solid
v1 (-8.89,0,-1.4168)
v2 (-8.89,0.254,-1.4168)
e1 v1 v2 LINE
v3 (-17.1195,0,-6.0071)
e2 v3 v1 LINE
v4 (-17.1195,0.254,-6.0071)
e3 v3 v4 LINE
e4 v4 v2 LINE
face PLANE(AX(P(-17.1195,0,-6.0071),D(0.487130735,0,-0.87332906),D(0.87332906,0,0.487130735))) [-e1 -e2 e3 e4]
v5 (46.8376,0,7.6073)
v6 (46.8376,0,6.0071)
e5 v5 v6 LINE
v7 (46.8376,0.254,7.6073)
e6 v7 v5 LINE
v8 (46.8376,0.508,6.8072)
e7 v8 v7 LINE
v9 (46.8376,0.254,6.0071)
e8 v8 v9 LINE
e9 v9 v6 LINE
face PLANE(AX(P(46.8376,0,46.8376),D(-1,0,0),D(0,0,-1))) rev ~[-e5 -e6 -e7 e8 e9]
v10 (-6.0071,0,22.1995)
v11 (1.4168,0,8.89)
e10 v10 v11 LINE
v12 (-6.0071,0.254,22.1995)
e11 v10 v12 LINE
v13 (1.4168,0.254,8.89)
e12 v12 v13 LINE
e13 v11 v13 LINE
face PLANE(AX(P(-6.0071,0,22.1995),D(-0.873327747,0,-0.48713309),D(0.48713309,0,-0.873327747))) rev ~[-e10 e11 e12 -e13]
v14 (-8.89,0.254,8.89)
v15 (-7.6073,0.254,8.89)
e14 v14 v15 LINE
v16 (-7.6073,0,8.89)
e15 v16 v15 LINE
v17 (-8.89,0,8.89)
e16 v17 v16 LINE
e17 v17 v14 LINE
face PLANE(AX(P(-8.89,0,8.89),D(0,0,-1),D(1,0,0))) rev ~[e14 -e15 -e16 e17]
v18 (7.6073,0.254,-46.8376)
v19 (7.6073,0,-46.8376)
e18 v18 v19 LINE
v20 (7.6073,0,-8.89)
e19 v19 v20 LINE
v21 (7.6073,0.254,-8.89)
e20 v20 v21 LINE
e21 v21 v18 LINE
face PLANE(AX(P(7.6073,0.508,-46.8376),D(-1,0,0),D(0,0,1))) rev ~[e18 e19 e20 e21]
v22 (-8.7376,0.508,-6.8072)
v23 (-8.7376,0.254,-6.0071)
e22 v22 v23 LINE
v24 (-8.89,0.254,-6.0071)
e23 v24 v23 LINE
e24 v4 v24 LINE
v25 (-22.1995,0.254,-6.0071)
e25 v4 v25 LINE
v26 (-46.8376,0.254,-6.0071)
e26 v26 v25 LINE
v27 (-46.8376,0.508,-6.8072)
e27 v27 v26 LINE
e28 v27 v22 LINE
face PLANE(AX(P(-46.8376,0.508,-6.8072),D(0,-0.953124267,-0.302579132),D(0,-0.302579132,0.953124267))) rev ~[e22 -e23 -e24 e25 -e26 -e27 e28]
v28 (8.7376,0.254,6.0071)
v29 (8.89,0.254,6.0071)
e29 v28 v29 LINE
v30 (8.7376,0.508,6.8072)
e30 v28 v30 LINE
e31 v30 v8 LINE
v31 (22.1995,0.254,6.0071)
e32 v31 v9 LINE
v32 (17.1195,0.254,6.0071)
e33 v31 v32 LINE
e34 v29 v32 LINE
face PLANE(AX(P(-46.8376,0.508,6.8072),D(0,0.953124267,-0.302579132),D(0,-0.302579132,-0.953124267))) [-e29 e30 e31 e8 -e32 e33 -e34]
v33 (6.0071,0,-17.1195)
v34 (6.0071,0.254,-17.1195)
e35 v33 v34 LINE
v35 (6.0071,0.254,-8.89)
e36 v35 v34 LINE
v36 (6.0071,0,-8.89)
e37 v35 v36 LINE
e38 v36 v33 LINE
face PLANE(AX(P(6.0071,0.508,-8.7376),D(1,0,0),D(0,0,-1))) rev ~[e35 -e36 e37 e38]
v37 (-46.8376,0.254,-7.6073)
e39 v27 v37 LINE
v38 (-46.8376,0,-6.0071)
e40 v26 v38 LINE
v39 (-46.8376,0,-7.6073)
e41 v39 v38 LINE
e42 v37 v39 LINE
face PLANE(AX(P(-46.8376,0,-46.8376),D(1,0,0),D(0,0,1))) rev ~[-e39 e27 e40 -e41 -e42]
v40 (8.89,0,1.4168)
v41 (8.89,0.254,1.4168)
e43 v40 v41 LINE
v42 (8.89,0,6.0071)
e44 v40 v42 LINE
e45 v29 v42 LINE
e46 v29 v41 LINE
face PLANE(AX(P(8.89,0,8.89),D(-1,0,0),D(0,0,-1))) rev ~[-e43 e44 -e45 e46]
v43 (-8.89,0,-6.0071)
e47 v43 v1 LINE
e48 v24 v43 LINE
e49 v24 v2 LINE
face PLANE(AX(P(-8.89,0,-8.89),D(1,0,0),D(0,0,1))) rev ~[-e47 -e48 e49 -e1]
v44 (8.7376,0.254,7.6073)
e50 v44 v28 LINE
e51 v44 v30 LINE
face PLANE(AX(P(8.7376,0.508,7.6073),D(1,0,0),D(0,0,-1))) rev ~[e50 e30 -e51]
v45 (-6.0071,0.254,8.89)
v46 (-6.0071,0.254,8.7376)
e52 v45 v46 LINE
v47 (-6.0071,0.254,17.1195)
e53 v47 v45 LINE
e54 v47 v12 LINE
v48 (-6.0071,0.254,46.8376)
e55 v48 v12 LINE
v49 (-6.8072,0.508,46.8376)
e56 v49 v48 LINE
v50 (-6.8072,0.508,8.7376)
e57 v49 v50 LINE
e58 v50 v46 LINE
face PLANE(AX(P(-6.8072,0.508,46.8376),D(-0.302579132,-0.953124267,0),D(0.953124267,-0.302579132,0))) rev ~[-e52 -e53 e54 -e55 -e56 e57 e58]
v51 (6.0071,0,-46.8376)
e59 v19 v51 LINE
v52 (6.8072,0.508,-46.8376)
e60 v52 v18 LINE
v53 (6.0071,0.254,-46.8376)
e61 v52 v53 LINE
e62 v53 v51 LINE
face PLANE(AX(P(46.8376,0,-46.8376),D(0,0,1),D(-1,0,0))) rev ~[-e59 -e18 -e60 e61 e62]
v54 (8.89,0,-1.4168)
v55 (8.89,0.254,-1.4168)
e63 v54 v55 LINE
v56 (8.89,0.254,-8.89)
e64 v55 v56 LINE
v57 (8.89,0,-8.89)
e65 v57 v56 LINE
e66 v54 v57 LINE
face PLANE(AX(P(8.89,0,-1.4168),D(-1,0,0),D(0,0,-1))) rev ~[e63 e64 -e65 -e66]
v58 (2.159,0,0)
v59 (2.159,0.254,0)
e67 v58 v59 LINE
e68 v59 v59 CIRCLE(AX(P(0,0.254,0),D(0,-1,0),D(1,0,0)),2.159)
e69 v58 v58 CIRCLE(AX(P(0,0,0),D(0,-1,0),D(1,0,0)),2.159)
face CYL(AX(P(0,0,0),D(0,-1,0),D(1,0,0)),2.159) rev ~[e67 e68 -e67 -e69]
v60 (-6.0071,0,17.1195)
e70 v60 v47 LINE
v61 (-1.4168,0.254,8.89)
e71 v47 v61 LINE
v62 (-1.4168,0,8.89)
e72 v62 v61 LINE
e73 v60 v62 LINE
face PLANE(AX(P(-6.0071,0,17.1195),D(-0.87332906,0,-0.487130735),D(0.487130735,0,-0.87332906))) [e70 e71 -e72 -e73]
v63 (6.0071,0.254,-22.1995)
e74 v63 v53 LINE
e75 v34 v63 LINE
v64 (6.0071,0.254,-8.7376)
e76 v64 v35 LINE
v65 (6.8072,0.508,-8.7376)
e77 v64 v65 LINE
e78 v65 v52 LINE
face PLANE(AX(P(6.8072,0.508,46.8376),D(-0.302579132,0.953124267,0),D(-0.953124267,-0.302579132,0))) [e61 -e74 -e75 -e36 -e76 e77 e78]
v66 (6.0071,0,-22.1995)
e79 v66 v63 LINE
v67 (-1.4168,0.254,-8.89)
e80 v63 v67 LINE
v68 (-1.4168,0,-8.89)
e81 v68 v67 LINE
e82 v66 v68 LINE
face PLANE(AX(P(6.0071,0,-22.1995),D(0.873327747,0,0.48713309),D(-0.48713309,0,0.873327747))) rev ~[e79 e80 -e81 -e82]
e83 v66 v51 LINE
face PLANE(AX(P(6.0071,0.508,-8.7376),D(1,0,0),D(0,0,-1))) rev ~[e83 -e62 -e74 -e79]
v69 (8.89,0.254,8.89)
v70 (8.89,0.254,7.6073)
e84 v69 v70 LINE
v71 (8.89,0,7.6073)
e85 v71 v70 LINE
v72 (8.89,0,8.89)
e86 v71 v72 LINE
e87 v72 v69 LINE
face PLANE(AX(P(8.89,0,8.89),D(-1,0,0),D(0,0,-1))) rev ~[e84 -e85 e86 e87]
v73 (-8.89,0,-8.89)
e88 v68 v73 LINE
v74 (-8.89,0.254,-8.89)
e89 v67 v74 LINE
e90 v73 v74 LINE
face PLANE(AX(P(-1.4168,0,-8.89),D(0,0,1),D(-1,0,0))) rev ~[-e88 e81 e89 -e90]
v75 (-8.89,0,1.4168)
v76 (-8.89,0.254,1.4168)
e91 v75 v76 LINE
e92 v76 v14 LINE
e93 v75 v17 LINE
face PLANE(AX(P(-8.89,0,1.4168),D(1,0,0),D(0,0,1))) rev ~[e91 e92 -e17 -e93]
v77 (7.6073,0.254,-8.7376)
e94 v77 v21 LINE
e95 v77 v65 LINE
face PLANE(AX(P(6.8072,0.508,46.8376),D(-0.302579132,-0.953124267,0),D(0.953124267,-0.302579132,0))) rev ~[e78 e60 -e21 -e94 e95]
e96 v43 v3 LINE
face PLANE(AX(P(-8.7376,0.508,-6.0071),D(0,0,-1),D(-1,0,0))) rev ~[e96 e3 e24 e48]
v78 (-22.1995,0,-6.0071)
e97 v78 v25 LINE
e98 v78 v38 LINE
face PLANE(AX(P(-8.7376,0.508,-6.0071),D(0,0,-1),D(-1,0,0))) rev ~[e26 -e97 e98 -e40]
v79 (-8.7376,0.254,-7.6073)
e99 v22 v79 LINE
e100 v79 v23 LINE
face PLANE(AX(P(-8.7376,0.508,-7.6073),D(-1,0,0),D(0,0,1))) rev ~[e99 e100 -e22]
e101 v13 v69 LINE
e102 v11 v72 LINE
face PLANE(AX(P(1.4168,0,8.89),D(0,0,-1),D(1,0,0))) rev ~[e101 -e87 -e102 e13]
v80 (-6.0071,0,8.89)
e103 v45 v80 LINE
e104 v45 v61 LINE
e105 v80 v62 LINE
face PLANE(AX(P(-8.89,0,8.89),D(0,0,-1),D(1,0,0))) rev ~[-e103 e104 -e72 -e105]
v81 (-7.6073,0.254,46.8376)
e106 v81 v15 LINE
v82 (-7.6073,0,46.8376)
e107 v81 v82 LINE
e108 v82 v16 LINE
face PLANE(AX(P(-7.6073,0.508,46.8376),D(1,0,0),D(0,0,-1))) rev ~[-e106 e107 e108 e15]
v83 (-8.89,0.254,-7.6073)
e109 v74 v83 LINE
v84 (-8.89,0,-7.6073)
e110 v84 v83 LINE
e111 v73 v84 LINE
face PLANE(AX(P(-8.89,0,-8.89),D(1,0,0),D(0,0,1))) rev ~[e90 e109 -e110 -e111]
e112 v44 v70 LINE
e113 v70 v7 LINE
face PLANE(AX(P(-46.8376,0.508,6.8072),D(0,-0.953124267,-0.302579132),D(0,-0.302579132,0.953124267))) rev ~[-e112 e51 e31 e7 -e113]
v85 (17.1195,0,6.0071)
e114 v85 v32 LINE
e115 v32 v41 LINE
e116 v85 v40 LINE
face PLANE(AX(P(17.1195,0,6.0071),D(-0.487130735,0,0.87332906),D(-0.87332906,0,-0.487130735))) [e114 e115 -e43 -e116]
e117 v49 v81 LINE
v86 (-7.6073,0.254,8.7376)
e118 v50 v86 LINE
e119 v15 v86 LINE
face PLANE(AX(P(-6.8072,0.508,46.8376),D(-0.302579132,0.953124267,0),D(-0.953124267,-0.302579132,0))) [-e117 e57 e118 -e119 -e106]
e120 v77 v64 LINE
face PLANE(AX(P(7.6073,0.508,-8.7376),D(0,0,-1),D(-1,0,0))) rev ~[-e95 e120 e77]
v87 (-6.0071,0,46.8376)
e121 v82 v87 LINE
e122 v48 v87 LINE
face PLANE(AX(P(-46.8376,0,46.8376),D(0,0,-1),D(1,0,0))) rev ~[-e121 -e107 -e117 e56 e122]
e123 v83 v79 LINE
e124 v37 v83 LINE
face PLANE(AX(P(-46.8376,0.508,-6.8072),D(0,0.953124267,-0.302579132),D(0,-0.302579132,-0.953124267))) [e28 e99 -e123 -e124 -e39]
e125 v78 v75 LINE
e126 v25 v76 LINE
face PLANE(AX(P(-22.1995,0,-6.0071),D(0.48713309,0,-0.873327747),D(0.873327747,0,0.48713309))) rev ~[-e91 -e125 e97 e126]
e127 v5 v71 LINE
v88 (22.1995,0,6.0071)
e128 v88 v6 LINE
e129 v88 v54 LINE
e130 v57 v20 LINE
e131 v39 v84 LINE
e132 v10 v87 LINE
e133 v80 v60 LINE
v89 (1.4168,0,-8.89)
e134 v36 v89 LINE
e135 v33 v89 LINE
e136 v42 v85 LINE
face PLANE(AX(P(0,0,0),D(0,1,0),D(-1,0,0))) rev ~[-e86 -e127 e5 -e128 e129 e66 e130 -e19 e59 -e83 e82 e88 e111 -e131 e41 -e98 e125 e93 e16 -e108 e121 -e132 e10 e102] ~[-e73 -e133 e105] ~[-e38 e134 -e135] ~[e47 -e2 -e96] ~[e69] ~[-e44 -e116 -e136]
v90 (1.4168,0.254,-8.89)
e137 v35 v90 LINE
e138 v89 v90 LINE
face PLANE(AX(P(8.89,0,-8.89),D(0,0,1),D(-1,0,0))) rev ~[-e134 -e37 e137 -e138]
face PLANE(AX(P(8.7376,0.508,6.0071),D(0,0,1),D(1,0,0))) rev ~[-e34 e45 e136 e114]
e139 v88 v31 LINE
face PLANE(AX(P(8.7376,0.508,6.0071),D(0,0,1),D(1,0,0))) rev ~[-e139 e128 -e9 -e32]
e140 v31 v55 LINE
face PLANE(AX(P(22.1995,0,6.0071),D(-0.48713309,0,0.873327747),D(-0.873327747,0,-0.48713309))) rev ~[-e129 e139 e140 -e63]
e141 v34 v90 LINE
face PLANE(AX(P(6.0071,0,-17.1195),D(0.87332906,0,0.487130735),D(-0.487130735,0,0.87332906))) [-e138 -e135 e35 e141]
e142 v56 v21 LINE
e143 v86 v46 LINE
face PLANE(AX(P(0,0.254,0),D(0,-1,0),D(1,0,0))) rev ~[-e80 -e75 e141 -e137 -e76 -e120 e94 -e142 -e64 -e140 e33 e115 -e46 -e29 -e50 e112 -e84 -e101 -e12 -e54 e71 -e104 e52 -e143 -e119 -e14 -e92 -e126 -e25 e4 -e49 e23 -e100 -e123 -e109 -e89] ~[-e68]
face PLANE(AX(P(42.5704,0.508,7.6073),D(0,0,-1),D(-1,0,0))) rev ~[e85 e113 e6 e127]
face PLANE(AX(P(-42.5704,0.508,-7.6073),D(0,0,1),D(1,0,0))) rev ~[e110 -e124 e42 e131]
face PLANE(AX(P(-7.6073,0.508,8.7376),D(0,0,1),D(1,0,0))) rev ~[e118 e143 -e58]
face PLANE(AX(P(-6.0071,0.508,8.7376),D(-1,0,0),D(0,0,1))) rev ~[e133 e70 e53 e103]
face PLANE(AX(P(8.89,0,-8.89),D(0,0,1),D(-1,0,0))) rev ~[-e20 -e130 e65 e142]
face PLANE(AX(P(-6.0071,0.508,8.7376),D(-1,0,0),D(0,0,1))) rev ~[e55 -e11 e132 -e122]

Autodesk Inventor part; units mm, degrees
ref_plane "YZ Plane" through (0, 0, 0) normal (1, 0, 0) x (0, 1, 0)
ref_plane "XZ Plane" through (0, 0, 0) normal (0, 1, 0) x (-1, 0, 0)
ref_plane "XY Plane" through (0, 0, 0) normal (0, 0, 1) x (1, 0, 0)
sketch "Sketch1" plane through (0, 0, 0) normal (0, 1, 0) x (-1, 0, 0)
  line L0 (46.8376, 46.8376) -> (-46.8376, 46.8376)
  line L1 (-46.8376, 46.8376) -> (-46.8376, -46.8376)
  line L2 (-46.8376, -46.8376) -> (46.8376, -46.8376)
  line L3 (46.8376, -46.8376) -> (46.8376, 46.8376)
  line L4 (6.0071, 6.0071) -> (-6.0071, 6.0071) construction
  line L5 (-6.0071, 6.0071) -> (-6.0071, -6.0071) construction
  line L6 (-6.0071, -6.0071) -> (6.0071, -6.0071) construction
  line L7 (6.0071, -6.0071) -> (6.0071, 6.0071) construction
  circle A0 centre (-40.0304, -40.0304) radius 2.159
  circle A1 centre (40.0304, -40.0304) radius 2.159
  circle A2 centre (40.0304, 40.0304) radius 2.159
  circle A3 centre (-40.0304, 40.0304) radius 2.159
  circle A4 centre (0, 0) radius 2.159
  point P0 (46.8376, 0)
  point P1 (0, -46.8376)
  point P2 (6.0071, 0)
  point P3 (0, -6.0071)
  dimension "d0" = 93.6752
  dimension "d1" = 12.0142
  dimension "d24" = 6.8072
  dimension "d25" = 6.8072
  dimension "d26" = 4.318
  dimension "d29" = 360
  dimension "d53" = 4.318
extrude "Extrusion1" add sketch "Sketch1" along normal blind 0.508
sketch "Sketch3" plane through (0, 0.508, 0) normal (0, 1, 0) x (1, 0, 0)
  line L0 (-6.0071, 6.0071) -> (6.0071, 6.0071) construction
  line L1 (6.0071, 6.0071) -> (6.0071, -6.0071) construction
  line L2 (6.0071, -6.0071) -> (-6.0071, -6.0071) construction
  line L3 (-6.0071, -6.0071) -> (-6.0071, 6.0071) construction
  line L4 (6.0071, 46.8376) -> (7.6073, 46.8376)
  line L5 (7.6073, 46.8376) -> (7.6073, 8.7376)
  line L6 (7.6073, 8.7376) -> (6.0071, 8.7376)
  line L7 (6.0071, 8.7376) -> (6.0071, 46.8376)
  line L8 (46.8376, 46.8376) -> (-46.8376, 46.8376) projected
  line L9 (-46.8376, 7.6073) -> (-8.7376, 7.6073)
  line L10 (-8.7376, 6.0071) -> (-46.8376, 6.0071)
  line L11 (-8.7376, 7.6073) -> (-8.7376, 6.0071)
  line L12 (-46.8376, 6.0071) -> (-46.8376, 7.6073)
  line L13 (-7.6073, -46.8376) -> (-7.6073, -8.7376)
  line L14 (-6.0071, -8.7376) -> (-6.0071, -46.8376)
  line L15 (-7.6073, -8.7376) -> (-6.0071, -8.7376)
  line L16 (-6.0071, -46.8376) -> (-7.6073, -46.8376)
  line L17 (46.8376, -7.6073) -> (8.7376, -7.6073)
  line L18 (8.7376, -6.0071) -> (46.8376, -6.0071)
  line L19 (8.7376, -7.6073) -> (8.7376, -6.0071)
  line L20 (46.8376, -6.0071) -> (46.8376, -7.6073)
  line L21 (-6.0071, 17.533) -> (-4.8756, 18.6645)
  line L22 (-4.8756, 18.6645) -> (4.1047, 9.6843)
  line L23 (4.1047, 9.6843) -> (2.9732, 8.5528)
  line L24 (2.9732, 8.5528) -> (-6.0071, 17.533)
  line L25 (0, 0) -> (-6.0071, 0) construction
  line L26 (-18.6645, -4.8756) -> (-9.6843, 4.1047)
  line L27 (-17.533, -6.0071) -> (-18.6645, -4.8756)
  line L28 (-8.5528, 2.9732) -> (-17.533, -6.0071)
  line L29 (-9.6843, 4.1047) -> (-8.5528, 2.9732)
  line L30 (4.8756, -18.6645) -> (-4.1047, -9.6843)
  line L31 (6.0071, -17.533) -> (4.8756, -18.6645)
  line L32 (-2.9732, -8.5528) -> (6.0071, -17.533)
  line L33 (-4.1047, -9.6843) -> (-2.9732, -8.5528)
  line L34 (18.6645, 4.8756) -> (9.6843, -4.1047)
  line L35 (17.533, 6.0071) -> (18.6645, 4.8756)
  line L36 (8.5528, -2.9732) -> (17.533, 6.0071)
  line L37 (9.6843, -4.1047) -> (8.5528, -2.9732)
  line L38 (37.4904, -7.6073) -> (42.5704, -7.6073)
  line L39 (42.5704, -7.6073) -> (42.5704, -35.631)
  line L40 (37.4904, -35.631) -> (37.4904, -7.6073)
  line L41 (-6.0071, -37.4904) -> (35.631, -37.4904)
  line L42 (35.631, -42.5704) -> (-6.0071, -42.5704)
  line L43 (-6.0071, -42.5704) -> (-6.0071, -37.4904)
  line L44 (0.2495, 13.5394) -> (6.0071, 13.5394)
  line L45 (6.0071, 13.5394) -> (6.0071, 14.8094)
  line L46 (6.0071, 14.8094) -> (-1.0205, 14.8094)
  line L47 (-13.5394, 0.2495) -> (-13.5394, 6.0071)
  line L48 (-14.8094, 6.0071) -> (-14.8094, -1.0205)
  line L49 (-0.2495, -13.5394) -> (-6.0071, -13.5394)
  line L50 (-6.0071, -14.8094) -> (1.0205, -14.8094)
  line L51 (13.5394, -0.2495) -> (13.5394, -6.0071)
  line L52 (14.8094, -6.0071) -> (14.8094, 1.0205)
  circle A0 centre (-40.0304, 40.0304) radius 2.159 projected
  circle A1 centre (40.0304, -40.0304) radius 2.159 projected
  line L53 (37.4904, -7.6073) -> (42.5704, -7.6073)
  arc A2 (35.631, -42.5704) -> (42.5704, -35.631) centre (40.0304, -40.0304) ccw
  arc A3 (37.4904, -35.631) -> (35.631, -37.4904) centre (40.0304, -40.0304) ccw
  line L54 (-42.5704, 7.6073) -> (-42.5704, 35.631)
  arc A4 (-35.631, 42.5704) -> (-42.5704, 35.631) centre (-40.0304, 40.0304) ccw
  line L55 (6.0071, 37.4904) -> (-35.631, 37.4904)
  line L56 (-35.631, 42.5704) -> (6.0071, 42.5704)
  arc A5 (-37.4904, 35.631) -> (-35.631, 37.4904) centre (-40.0304, 40.0304) ccw
  line L57 (-37.4904, 35.631) -> (-37.4904, 7.6073)
  circle A6 centre (0, 0) radius 3.1458
  point P0 (0, 6.0071)
  point P1 (6.0071, 0)
  point P2 (-1.517, 13.0429)
  point P3 (-13.0429, -1.517)
  point P4 (1.517, -13.0429)
  point P5 (13.0429, 1.517)
  point P6 (-0.3855, 14.1744)
  point P7 (6.0071, 14.1744)
  point P8 (40.0304, -7.6073)
  point P9 (-6.0071, -40.0304)
  point P10 (14.8094, 1.0205)
  point P11 (-6.0071, -13.5394)
  point P12 (-6.0071, -42.5704)
  point P13 (-14.8094, -1.0205)
  point P14 (6.0071, 42.5704)
  dimension "d8" = 12.0142
  dimension "d9" = 1.6002
  dimension "d10" = 38.1
  dimension "d13" = 360
  dimension "d15" = 1.6002
  dimension "d16" = 12.7
  dimension "d17" = 45
  dimension "d19" = 7.0358
  dimension "d22" = 360
  dimension "d31" = 1.27
  dimension "d34" = 360
  dimension "d40" = 5.08
  dimension "d41" = 5.08
  dimension "d42" = 5.08
  dimension "d43" = 5.08
  dimension "d46" = 180
  dimension "d55" = 6.2916
extrude "Extrusion4" cut sketch "Sketch3" against normal blind 2.54 contours L4 L5 L6 L7 | L9 L11 L10 L12 | L13 L15 L14 L16 | L17 L19 L18 L20 keep common part
sketch "Sketch6" plane through (-7.6073, 0, 46.8376) normal (0, 0, 1) x (1, 0, 0)
  line L0 (0, 0.508) -> (1.6002, 0.508) projected
  line L1 (0.8001, 0.508) -> (0, 0.254)
  line L2 (0, 0.508) -> (0, 0) projected
  line L3 (0.8001, 0.508) -> (1.6002, 0.254)
  line L4 (1.6002, 0.508) -> (1.6002, 0) projected
  line L5 (15.2146, 0.508) -> (13.6144, 0.508) projected
  line L6 (14.4145, 0.508) -> (13.6144, 0.254)
  line L7 (13.6144, 0.508) -> (13.6144, 0) projected
  line L8 (14.4145, 0.508) -> (15.2146, 0.254)
  line L9 (15.2146, 0.508) -> (15.2146, 0) projected
  line L10 (0, 0.254) -> (0, 0.508)
  line L11 (1.6002, 0.508) -> (1.6002, 0.254)
  line L12 (13.6144, 0.254) -> (13.6144, 0.508)
  line L13 (15.2146, 0.508) -> (15.2146, 0.254)
  point P0 (7.6073, 0)
extrude "Extrusion5" cut sketch "Sketch6" against normal through all
sketch "Sketch7" plane through (-46.8376, 0, -7.6073) normal (-1, 0, 0) x (0, 0, 1)
  line L0 (0, 0.508) -> (1.6002, 0.508) projected
  line L1 (0.8001, 0.508) -> (0, 0.254)
  line L2 (0, 0.508) -> (0, 0) projected
  line L3 (0.8001, 0.508) -> (1.6002, 0.254)
  line L4 (1.6002, 0.508) -> (1.6002, 0) projected
  line L5 (1.6002, 0.254) -> (1.6002, 0.508)
  line L6 (1.6002, 0.508) -> (0, 0.508)
  line L7 (0, 0.508) -> (0, 0.254)
  line L8 (15.2146, 0.508) -> (13.6144, 0.508) projected
  line L9 (14.4145, 0.508) -> (13.6144, 0.254)
  line L10 (13.6144, 0.508) -> (13.6144, 0) projected
  line L11 (14.4145, 0.508) -> (15.2146, 0.254)
  line L12 (15.2146, 0.508) -> (15.2146, 0) projected
  line L13 (15.2146, 0.254) -> (15.2146, 0.508)
  line L14 (15.2146, 0.508) -> (13.6144, 0.508)
  line L15 (13.6144, 0.508) -> (13.6144, 0.254)
  point P0 (7.6073, 0)
extrude "Extrusion6" cut sketch "Sketch7" against normal through all
sketch "Sketch9" plane through (0, 0, 0) normal (0, -1, 0) x (1, 0, 0)
  line L0 (-8.89, 8.89) -> (8.89, 8.89)
  line L1 (8.89, 8.89) -> (8.89, -8.89)
  line L2 (8.89, -8.89) -> (-8.89, -8.89)
  line L3 (-8.89, -8.89) -> (-8.89, 8.89)
  circle A0 centre (0, 0) radius 2.159
  line L4 (46.8376, 6.0071) -> (8.7376, 6.0071) projected
  line L5 (17.1195, 6.0071) -> (8.89, 1.4168)
  line L6 (22.1995, 6.0071) -> (8.89, -1.4168)
  line L7 (17.1195, 6.0071) -> (22.1995, 6.0071)
  line L8 (8.89, 1.4168) -> (8.89, -1.4168)
  line L9 (-6.0071, 17.1195) -> (-1.4168, 8.89)
  line L10 (-6.0071, 22.1995) -> (1.4168, 8.89)
  line L11 (-6.0071, 17.1195) -> (-6.0071, 22.1995)
  line L12 (-17.1195, -6.0071) -> (-8.89, -1.4168)
  line L13 (-22.1995, -6.0071) -> (-8.89, 1.4168)
  line L14 (-17.1195, -6.0071) -> (-22.1995, -6.0071)
  line L15 (6.0071, -17.1195) -> (1.4168, -8.89)
  line L16 (6.0071, -22.1995) -> (-1.4168, -8.89)
  line L17 (6.0071, -17.1195) -> (6.0071, -22.1995)
  point P0 (0, 8.89)
  point P1 (8.89, 0)
  point P2 (8.89, 0)
  point P3 (-1.4168, -8.89)
  point P4 (1.4168, 8.89)
  dimension "d62" = 17.78
  dimension "d63" = 4.318
  dimension "d65" = 5.08
  dimension "d66" = 15.24
  dimension "d69" = 360
extrude "Extrusion7" add sketch "Sketch9" against normal blind 0.254 contours L0 L1 L2 L3 | L9 L11 L10 L0 | L3 L12 L14 L13 | L2 L15 L17 L16 | L5 L4 L6 L1
properties part number "FlasherGuide"
